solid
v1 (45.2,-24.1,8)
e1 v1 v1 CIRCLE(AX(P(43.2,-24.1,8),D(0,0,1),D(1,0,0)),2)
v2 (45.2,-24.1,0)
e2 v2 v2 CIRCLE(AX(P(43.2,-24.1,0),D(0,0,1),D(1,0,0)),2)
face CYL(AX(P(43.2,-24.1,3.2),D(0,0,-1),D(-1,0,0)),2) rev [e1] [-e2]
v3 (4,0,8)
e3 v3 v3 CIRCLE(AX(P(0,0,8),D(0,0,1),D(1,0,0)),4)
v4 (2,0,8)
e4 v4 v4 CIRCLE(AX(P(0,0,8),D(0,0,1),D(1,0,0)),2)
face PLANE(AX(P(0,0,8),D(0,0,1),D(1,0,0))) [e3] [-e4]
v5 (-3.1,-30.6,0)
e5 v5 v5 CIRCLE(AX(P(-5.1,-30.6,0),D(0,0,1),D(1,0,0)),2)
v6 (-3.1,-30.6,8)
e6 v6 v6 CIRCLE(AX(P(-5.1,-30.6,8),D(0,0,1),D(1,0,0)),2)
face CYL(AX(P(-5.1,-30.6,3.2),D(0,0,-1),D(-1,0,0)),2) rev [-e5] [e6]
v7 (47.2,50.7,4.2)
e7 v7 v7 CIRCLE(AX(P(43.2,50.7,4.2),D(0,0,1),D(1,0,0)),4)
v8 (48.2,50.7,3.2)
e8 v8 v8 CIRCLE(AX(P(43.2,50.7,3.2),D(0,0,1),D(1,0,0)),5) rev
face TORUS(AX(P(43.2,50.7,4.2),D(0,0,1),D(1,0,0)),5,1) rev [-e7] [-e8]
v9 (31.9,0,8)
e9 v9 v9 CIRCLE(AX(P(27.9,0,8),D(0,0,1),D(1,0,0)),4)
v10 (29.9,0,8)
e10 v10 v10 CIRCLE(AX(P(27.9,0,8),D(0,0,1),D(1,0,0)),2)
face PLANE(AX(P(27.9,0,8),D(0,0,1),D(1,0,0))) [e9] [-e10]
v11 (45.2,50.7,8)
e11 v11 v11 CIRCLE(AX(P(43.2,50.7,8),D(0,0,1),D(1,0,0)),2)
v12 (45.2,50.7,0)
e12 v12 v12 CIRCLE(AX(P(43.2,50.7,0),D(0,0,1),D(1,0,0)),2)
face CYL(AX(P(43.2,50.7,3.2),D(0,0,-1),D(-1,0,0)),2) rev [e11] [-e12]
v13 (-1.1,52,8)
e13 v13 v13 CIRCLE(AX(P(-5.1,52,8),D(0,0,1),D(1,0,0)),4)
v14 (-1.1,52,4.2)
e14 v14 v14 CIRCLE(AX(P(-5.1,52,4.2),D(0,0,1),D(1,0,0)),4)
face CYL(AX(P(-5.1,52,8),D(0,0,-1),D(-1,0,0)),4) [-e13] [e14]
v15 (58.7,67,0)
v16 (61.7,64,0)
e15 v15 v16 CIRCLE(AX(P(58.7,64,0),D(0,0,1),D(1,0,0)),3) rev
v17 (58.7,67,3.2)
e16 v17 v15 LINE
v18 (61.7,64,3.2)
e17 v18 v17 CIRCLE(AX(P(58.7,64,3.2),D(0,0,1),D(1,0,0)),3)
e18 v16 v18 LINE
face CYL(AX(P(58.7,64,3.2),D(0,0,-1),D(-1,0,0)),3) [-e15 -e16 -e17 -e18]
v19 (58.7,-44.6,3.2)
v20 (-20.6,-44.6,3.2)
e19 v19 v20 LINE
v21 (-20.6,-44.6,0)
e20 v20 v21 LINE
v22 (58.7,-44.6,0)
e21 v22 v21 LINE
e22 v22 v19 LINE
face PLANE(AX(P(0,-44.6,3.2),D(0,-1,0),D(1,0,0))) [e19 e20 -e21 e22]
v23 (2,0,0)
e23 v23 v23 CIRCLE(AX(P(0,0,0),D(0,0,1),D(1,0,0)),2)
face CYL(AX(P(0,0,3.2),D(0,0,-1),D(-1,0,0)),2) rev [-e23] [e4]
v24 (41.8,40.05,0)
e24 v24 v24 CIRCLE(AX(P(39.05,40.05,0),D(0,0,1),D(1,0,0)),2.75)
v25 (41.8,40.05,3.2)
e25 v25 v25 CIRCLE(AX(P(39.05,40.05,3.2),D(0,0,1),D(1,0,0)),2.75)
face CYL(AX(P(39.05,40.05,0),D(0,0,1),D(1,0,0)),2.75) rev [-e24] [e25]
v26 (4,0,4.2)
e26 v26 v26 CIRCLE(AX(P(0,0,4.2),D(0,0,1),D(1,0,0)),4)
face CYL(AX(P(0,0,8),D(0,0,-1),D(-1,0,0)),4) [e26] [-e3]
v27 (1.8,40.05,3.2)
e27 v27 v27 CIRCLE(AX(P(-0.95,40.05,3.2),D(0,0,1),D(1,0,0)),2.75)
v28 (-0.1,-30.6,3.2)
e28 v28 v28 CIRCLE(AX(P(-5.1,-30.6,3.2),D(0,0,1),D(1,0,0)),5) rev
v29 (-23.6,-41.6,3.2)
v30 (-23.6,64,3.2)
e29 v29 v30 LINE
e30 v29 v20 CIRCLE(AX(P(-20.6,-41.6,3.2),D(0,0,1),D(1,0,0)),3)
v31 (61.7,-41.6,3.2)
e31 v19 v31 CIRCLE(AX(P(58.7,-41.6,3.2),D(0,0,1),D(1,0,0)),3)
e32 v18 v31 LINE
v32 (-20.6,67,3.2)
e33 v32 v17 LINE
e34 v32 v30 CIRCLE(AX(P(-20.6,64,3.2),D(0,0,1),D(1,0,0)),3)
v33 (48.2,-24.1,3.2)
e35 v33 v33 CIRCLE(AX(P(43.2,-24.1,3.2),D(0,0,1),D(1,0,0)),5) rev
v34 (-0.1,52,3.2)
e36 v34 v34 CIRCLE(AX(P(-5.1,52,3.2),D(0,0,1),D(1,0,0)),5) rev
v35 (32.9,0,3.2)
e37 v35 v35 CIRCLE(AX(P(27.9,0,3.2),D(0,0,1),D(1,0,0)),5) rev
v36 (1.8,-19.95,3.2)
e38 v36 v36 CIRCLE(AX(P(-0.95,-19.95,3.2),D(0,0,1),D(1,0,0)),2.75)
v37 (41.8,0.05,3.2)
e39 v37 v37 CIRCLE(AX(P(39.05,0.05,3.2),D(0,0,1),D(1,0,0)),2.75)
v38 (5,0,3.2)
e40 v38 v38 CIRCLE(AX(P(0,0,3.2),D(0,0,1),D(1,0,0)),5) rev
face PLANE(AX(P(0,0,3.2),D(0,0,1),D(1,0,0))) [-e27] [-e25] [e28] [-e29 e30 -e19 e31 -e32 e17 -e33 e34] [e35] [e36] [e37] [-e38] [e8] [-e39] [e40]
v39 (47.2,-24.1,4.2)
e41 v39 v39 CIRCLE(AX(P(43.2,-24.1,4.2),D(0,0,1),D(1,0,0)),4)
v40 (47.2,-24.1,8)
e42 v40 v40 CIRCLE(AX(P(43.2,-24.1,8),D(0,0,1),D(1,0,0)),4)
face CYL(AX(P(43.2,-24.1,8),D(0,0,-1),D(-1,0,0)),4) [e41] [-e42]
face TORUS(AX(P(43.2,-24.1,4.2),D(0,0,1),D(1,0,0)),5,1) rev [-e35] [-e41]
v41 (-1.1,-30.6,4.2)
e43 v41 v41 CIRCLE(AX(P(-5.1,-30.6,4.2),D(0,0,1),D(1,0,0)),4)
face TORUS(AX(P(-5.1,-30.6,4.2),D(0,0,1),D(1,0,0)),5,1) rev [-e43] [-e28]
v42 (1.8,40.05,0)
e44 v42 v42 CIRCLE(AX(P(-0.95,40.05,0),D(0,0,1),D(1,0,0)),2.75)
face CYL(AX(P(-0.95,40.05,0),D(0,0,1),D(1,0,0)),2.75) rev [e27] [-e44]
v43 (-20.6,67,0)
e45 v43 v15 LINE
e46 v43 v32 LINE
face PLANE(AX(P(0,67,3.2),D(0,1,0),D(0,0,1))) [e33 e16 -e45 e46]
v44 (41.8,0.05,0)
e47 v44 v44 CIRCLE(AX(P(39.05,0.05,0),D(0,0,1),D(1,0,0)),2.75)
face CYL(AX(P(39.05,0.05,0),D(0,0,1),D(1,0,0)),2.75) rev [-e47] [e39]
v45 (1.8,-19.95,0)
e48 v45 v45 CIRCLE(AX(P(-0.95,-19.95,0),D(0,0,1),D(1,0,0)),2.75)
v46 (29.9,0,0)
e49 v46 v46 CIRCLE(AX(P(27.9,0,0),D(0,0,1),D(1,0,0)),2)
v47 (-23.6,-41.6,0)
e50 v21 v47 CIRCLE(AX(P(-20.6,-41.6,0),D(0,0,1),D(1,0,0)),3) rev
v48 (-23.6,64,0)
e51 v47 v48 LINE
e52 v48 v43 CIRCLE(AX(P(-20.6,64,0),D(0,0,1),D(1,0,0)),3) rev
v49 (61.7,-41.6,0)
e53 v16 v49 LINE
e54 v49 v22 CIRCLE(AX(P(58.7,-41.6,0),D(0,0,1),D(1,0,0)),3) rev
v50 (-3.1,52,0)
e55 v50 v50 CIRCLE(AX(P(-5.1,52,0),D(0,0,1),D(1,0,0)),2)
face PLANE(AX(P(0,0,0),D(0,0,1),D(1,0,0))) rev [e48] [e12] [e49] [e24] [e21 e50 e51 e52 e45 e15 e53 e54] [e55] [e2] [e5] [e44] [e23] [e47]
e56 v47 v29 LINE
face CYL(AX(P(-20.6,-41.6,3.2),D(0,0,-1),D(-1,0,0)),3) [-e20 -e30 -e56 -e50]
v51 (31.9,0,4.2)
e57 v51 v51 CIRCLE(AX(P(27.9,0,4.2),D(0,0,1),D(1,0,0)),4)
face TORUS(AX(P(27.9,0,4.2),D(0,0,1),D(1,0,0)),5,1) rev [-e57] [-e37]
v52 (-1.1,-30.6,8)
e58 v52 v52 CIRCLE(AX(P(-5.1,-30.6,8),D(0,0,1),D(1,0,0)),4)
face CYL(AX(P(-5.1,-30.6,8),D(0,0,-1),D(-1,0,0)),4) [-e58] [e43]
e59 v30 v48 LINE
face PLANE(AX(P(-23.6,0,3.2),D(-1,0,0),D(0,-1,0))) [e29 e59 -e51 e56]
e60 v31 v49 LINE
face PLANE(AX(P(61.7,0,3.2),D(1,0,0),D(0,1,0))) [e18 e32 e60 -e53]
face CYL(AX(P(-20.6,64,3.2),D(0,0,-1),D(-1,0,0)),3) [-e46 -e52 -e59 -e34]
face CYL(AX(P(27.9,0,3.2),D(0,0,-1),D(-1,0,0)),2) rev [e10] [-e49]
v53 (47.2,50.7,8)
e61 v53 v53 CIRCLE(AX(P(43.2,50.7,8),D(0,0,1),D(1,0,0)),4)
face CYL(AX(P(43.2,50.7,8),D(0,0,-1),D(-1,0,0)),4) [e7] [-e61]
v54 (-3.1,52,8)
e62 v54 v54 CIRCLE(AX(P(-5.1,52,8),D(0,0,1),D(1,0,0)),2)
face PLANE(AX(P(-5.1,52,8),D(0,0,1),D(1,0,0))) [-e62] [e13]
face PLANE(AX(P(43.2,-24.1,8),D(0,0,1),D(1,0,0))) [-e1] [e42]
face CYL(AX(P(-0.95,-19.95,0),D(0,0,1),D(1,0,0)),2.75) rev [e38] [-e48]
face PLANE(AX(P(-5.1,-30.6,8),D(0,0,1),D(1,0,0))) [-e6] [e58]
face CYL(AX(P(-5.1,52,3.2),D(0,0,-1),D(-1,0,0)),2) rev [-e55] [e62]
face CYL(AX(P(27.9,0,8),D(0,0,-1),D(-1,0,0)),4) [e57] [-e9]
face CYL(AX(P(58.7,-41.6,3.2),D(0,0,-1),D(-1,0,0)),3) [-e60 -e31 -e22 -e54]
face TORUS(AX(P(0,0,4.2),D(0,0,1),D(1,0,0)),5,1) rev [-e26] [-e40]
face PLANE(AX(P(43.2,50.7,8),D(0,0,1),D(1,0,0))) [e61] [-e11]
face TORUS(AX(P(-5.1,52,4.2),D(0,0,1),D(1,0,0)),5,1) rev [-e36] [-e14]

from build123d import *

# Parameters (mm, degrees)
SKETCH1_W             = 85.3
SKETCH1_H             = 111.6
SKETCH1_R             = 2
BASE_PLATE_DEPTH      = 3.2
SKETCH2_R             = 4
SKETCH2_R_2           = 2
INSERTSTANDOFFS_DEPTH = 4.8
MOUNTHOLES_DEPTH      = 92.208168494
MOUNTHOLES_DEPTH_BACK = 92.208168494
SKETCH3_R             = 2.75
FILLET1_R             = 3
FILLET2_R             = 1


with BuildPart() as part:
    # Sketch1 → Base Plate (new body)
    # profile 1 of 2: a face of its own
    with BuildSketch(Plane.XY):
        with Locations((19.05, 11.2)):
            Rectangle(SKETCH1_W, SKETCH1_H)
        Polygon((44.073654403, -33.1), (45.7, -31.473654403), (45.7, 66), (-7.6, 66), (-7.6, -33.1), (-5.1, -33.1), (-2.6, -35.6), (30.4, -35.6), (32.9, -33.1), align=None, mode=Mode.SUBTRACT)
    # profile 2 of 2: a face of its own
    with BuildSketch(Plane.XY):
        Polygon((32.9, -33.1), (44.073654403, -33.1), (45.7, -31.473654403), (45.7, 66), (-7.6, 66), (-7.6, -33.1), (-5.1, -33.1), (-2.6, -35.6), (30.4, -35.6), align=None)
        with Locations((43.2, -24.1)):
            Circle(SKETCH1_R, mode=Mode.SUBTRACT)
        with Locations((-5.1, -30.6)):
            Circle(SKETCH1_R, mode=Mode.SUBTRACT)
        with Locations((27.9, 0)):
            Circle(SKETCH1_R, mode=Mode.SUBTRACT)
        Circle(SKETCH1_R, mode=Mode.SUBTRACT)
        with Locations((43.2, 50.7)):
            Circle(SKETCH1_R, mode=Mode.SUBTRACT)
        with Locations((-5.1, 52)):
            Circle(SKETCH1_R, mode=Mode.SUBTRACT)
    extrude(amount=BASE_PLATE_DEPTH)

    # Sketch2 → InsertStandoffs (add)
    # profile 1 of 6: a face of its own
    with BuildSketch(Plane.XY.offset(3.2)):
        with Locations((-5.1, 52)):
            Circle(SKETCH2_R)
        with Locations((-5.1, 52)):
            Circle(SKETCH2_R_2, mode=Mode.SUBTRACT)
    # profile 2 of 6: a face of its own
    with BuildSketch(Plane.XY.offset(3.2)):
        with Locations((43.2, 50.7)):
            Circle(SKETCH2_R)
        with Locations((43.2, 50.7)):
            Circle(SKETCH2_R_2, mode=Mode.SUBTRACT)
    # profile 3 of 6: a face of its own
    with BuildSketch(Plane.XY.offset(3.2)):
        with Locations((27.9, 0)):
            Circle(SKETCH2_R)
        with Locations((27.9, 0)):
            Circle(SKETCH2_R_2, mode=Mode.SUBTRACT)
    # profile 4 of 6: a face of its own
    with BuildSketch(Plane.XY.offset(3.2)):
        Circle(SKETCH2_R)
        Circle(SKETCH2_R_2, mode=Mode.SUBTRACT)
    # profile 5 of 6: a face of its own
    with BuildSketch(Plane.XY.offset(3.2)):
        with Locations((-5.1, -30.6)):
            Circle(SKETCH2_R)
        with Locations((-5.1, -30.6)):
            Circle(SKETCH2_R_2, mode=Mode.SUBTRACT)
    # profile 6 of 6: a face of its own
    with BuildSketch(Plane.XY.offset(3.2)):
        with Locations((43.2, -24.1)):
            Circle(SKETCH2_R)
        with Locations((43.2, -24.1)):
            Circle(SKETCH2_R_2, mode=Mode.SUBTRACT)
    extrude(amount=INSERTSTANDOFFS_DEPTH)

    # Sketch3 → MountHoles (cut, two sides: drawn at the far end of the back side and taken through both)
    with BuildSketch(Plane.XY.offset(3.2).offset(-MOUNTHOLES_DEPTH_BACK)):
        with Locations((-0.95, 40.05)):
            Circle(SKETCH3_R)
        with Locations((39.05, 40.05)):
            Circle(SKETCH3_R)
        with Locations((39.05, 0.05)):
            Circle(SKETCH3_R)
        with Locations((-0.95, -19.95)):
            Circle(SKETCH3_R)
    extrude(amount=MOUNTHOLES_DEPTH + MOUNTHOLES_DEPTH_BACK, mode=Mode.SUBTRACT)

    # Fillet1
    fillet1_edges = [part.edges().sort_by_distance(p)[0] for p in [
        (-23.6, 67, 1.6),
        (61.7, 67, 1.6),
        (61.7, -44.6, 1.6),
        (-23.6, -44.6, 1.6),
    ]]
    fillet(fillet1_edges, radius=FILLET1_R)

    # Fillet2
    fillet2_edges = [part.edges().sort_by_distance(p)[0] for p in [
        (39.2, 50.7, 3.2),
        (23.9, 0, 3.2),
        (-4, 0, 3.2),
        (-9.1, -30.6, 3.2),
        (39.2, -24.1, 3.2),
        (-9.1, 52, 3.2),
    ]]
    fillet(fillet2_edges, radius=FILLET2_R)


solid = part.part
